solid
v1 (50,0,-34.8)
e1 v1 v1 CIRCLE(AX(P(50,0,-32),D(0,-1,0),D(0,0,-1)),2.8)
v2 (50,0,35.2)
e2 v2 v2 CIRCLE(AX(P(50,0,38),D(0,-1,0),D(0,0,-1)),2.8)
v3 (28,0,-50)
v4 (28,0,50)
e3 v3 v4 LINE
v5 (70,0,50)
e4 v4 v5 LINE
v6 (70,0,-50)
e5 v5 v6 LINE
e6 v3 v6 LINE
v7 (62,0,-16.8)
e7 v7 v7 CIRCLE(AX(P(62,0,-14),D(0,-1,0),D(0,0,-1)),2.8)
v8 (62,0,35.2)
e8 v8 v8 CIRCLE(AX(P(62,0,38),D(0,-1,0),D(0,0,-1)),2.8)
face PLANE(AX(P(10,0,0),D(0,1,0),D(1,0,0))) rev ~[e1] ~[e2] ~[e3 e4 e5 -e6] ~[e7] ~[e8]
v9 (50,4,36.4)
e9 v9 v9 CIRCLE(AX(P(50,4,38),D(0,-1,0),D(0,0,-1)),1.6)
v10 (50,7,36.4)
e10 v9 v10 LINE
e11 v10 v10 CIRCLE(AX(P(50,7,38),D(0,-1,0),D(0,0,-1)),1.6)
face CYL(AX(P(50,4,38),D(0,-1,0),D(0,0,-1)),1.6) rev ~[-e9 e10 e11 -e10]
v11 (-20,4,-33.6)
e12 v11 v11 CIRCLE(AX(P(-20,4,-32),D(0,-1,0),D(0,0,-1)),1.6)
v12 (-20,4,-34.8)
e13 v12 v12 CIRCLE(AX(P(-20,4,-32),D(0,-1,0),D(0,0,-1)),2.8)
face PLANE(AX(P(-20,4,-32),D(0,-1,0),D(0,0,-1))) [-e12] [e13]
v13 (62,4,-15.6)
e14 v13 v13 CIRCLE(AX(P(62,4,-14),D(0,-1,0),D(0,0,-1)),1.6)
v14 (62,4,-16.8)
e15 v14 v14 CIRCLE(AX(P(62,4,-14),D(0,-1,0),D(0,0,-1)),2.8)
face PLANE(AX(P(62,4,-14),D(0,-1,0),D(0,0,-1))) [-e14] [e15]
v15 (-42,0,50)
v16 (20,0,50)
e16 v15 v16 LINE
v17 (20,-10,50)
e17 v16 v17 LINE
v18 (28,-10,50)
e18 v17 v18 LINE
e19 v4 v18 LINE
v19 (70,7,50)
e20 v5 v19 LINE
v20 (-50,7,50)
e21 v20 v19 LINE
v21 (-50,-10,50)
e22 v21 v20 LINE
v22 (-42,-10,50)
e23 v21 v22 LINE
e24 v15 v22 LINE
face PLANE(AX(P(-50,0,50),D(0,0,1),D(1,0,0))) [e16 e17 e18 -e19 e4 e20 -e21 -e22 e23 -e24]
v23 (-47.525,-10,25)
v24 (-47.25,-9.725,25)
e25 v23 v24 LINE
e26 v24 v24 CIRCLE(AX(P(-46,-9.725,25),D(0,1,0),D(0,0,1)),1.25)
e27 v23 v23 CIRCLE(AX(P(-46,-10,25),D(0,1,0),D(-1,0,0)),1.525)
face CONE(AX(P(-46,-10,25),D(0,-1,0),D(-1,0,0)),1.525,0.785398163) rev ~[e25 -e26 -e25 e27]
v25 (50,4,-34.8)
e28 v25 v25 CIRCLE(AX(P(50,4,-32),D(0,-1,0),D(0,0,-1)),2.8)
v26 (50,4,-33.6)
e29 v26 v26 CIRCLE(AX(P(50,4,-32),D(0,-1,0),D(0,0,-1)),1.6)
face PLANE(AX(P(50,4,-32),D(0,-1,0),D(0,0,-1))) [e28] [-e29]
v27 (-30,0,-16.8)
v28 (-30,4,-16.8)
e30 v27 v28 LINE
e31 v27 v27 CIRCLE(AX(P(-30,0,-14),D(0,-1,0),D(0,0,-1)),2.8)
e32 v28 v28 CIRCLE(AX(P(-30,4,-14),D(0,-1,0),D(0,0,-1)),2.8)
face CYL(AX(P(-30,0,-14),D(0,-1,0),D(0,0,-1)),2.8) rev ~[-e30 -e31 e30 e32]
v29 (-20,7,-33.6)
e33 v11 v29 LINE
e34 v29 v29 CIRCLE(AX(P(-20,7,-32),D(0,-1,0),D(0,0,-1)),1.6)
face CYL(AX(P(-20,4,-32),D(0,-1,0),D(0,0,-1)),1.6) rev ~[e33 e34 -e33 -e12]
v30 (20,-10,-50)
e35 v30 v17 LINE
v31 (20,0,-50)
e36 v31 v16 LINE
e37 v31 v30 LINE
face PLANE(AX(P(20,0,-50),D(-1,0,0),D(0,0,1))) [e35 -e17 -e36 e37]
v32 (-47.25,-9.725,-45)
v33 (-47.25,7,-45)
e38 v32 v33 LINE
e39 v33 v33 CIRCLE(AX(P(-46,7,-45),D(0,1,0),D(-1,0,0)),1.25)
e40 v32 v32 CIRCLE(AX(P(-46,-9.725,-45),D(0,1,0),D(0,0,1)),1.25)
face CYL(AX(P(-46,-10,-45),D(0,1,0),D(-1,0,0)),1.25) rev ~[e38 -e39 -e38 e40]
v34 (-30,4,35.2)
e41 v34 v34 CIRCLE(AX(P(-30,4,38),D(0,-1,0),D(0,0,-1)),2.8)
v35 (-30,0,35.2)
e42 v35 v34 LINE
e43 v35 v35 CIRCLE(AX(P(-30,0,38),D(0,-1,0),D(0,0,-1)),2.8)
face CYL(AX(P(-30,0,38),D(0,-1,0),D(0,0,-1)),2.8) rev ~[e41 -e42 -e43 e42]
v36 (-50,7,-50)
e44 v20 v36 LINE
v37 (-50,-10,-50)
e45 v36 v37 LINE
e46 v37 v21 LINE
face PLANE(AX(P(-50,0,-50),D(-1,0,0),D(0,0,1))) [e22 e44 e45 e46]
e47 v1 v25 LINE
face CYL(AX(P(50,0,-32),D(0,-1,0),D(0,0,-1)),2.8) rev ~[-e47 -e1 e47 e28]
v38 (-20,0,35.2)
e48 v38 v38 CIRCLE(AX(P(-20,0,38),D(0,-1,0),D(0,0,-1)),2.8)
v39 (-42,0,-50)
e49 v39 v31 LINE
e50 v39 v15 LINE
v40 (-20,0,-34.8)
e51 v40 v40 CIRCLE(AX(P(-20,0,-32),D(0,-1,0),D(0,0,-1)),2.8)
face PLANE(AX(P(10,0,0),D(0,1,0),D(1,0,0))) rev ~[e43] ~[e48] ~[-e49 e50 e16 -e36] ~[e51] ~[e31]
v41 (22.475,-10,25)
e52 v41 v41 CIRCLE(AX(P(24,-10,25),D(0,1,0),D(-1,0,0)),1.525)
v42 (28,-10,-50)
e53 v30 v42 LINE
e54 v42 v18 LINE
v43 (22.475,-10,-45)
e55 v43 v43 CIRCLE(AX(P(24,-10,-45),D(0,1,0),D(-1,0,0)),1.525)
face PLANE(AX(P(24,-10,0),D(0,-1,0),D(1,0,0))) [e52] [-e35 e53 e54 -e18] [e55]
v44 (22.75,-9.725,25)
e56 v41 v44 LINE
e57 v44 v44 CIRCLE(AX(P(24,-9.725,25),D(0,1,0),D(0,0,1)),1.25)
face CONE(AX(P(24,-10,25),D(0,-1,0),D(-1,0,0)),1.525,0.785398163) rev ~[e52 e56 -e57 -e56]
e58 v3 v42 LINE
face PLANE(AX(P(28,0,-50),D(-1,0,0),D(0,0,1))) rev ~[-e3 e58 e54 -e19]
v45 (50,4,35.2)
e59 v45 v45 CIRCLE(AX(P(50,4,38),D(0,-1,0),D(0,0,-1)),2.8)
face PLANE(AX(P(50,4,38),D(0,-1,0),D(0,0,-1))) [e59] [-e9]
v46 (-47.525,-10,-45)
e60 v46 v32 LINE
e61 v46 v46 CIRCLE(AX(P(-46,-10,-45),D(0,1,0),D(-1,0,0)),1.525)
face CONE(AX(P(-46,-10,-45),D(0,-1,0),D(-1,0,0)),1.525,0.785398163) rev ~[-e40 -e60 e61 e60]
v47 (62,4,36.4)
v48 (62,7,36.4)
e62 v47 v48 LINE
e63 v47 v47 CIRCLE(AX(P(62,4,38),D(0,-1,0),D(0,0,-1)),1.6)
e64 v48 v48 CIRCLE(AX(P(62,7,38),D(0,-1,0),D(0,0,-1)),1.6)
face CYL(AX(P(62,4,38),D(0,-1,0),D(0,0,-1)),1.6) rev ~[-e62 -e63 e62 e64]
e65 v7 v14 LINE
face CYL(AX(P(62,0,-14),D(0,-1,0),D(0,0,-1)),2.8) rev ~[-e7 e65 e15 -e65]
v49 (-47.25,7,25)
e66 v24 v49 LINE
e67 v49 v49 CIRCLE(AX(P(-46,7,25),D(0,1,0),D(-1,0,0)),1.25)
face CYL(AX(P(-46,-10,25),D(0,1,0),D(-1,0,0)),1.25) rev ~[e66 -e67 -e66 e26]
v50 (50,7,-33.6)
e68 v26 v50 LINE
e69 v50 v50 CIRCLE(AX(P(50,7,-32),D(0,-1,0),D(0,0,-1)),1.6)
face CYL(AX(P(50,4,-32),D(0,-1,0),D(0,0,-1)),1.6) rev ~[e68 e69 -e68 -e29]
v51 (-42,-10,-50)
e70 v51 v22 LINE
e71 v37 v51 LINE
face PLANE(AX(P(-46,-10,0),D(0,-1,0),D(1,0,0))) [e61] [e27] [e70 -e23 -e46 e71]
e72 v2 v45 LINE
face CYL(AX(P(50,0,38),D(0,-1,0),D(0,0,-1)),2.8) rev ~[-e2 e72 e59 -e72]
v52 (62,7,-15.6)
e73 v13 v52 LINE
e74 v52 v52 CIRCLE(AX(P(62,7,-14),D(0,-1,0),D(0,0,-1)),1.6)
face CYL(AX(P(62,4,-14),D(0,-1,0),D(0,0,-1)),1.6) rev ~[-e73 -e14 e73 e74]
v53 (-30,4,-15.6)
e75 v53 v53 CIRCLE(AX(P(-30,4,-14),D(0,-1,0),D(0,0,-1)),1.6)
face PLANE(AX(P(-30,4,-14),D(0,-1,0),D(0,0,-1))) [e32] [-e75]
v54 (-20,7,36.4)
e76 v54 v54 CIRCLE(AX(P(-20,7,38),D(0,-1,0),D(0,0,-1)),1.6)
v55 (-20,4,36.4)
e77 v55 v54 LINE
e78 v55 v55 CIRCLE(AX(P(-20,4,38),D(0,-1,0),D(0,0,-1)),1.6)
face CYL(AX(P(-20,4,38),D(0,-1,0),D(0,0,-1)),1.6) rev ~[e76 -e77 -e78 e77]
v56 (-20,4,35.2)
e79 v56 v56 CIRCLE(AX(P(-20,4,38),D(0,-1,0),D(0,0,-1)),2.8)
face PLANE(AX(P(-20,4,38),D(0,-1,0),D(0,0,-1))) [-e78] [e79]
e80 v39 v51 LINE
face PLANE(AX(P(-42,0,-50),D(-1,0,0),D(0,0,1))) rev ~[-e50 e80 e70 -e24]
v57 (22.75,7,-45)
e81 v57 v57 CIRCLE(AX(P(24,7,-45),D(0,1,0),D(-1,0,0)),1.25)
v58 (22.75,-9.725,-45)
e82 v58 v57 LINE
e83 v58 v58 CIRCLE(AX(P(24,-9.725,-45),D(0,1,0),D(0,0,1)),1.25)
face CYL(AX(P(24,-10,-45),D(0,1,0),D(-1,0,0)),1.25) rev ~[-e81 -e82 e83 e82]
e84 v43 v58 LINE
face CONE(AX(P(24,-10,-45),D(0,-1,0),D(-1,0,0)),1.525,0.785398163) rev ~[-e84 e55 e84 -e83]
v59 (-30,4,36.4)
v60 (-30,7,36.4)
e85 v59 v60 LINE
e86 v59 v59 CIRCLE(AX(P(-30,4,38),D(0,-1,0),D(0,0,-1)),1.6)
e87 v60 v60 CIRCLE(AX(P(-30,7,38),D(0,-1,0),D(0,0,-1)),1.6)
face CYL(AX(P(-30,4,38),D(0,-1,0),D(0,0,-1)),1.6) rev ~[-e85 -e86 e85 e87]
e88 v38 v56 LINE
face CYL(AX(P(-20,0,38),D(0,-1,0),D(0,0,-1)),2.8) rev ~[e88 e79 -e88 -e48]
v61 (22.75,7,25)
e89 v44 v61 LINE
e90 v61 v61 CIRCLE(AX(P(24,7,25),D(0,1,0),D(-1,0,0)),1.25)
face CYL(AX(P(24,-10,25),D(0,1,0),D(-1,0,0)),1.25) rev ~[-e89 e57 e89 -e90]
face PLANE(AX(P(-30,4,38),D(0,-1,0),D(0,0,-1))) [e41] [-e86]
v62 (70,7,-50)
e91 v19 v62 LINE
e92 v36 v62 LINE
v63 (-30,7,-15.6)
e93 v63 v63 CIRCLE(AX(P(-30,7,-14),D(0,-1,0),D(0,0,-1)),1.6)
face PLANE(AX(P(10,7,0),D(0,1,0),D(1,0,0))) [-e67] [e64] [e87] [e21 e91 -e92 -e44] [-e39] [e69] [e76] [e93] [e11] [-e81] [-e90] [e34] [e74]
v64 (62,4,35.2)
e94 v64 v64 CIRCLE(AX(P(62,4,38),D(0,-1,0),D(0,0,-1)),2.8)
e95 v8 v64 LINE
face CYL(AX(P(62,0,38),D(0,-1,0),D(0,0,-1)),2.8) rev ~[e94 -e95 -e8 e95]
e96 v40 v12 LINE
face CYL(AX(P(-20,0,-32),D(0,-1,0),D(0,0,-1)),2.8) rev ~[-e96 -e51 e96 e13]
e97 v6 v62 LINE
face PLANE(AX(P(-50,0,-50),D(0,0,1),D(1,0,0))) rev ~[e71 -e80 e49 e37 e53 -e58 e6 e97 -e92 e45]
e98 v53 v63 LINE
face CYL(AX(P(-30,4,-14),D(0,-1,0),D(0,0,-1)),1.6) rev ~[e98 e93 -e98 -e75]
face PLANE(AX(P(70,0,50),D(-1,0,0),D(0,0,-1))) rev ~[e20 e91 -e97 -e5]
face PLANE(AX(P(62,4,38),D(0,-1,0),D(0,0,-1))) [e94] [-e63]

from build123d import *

# Parameters (mm, degrees)
SKETCH_1_W                   = 120
SKETCH_1_H                   = 100
EXTRUDE_1_DEPTH              = 7
SKETCH_2_R                   = 2.8
CUT_EXTRUDE_1_DEPTH          = 4
CUT_EXTRUDE_2_REACH          = 88.116
SKETCH_3_R                   = 1.6
SKETCH_4_W                   = 8
SKETCH_4_H                   = 100
EXTRUDE_2_DEPTH              = 10
HOLE_WIZARD_M3_5_D           = 2.5
HOLE_WIZARD_M3_5_CSINK_D     = 3.05
HOLE_WIZARD_M3_5_CSINK_ANGLE = 90


with BuildPart() as part:
    # 草图1 → 凸台-拉伸1 (new body)
    with BuildSketch(Plane(origin=(0, 0, 0), x_dir=(1, 0, 0), z_dir=(0, 1, 0))):
        with Locations((10, 0)):
            Rectangle(SKETCH_1_W, SKETCH_1_H)
    extrude(amount=EXTRUDE_1_DEPTH)

    # 草图2 → 切除-拉伸1 (cut)
    with BuildSketch(Plane.XZ):
        with Locations(Location((62, 38, 0), (0, 0, 270))):
            Circle(SKETCH_2_R)
        with Locations(Location((-30, 38, 0), (0, 0, 270))):
            Circle(SKETCH_2_R)
        with Locations(Location((-30, -14, 0), (0, 0, 270))):
            Circle(SKETCH_2_R)
        with Locations(Location((62, -14, 0), (0, 0, 270))):
            Circle(SKETCH_2_R)
        with Locations(Location((-20, 38, 0), (0, 0, 270))):
            Circle(SKETCH_2_R)
        with Locations(Location((50, 38, 0), (0, 0, 270))):
            Circle(SKETCH_2_R)
        with Locations(Location((50, -32, 0), (0, 0, 270))):
            Circle(SKETCH_2_R)
        with Locations(Location((-20, -32, 0), (0, 0, 270))):
            Circle(SKETCH_2_R)
    extrude(amount=-CUT_EXTRUDE_1_DEPTH, mode=Mode.SUBTRACT)

    # 草图3 → 切除-拉伸2 (cut, up to next)
    with BuildSketch(Plane.XZ.offset(-4), mode=Mode.PRIVATE) as cut_extrude_2_sk1:
        with Locations(Location((62, 38, 0), (0, 0, 270))):
            Circle(SKETCH_3_R)
    cut_extrude_2_tool1 = extrude(cut_extrude_2_sk1.sketch, amount=-CUT_EXTRUDE_2_REACH, mode=Mode.PRIVATE) & part.part
    # 草图3 → 切除-拉伸2 (cut, up to next)
    with BuildSketch(Plane.XZ.offset(-4), mode=Mode.PRIVATE) as cut_extrude_2_sk2:
        with Locations(Location((-30, 38, 0), (0, 0, 270))):
            Circle(SKETCH_3_R)
    cut_extrude_2_tool2 = extrude(cut_extrude_2_sk2.sketch, amount=-CUT_EXTRUDE_2_REACH, mode=Mode.PRIVATE) & part.part
    # 草图3 → 切除-拉伸2 (cut, up to next)
    with BuildSketch(Plane.XZ.offset(-4), mode=Mode.PRIVATE) as cut_extrude_2_sk3:
        with Locations(Location((-30, -14, 0), (0, 0, 270))):
            Circle(SKETCH_3_R)
    cut_extrude_2_tool3 = extrude(cut_extrude_2_sk3.sketch, amount=-CUT_EXTRUDE_2_REACH, mode=Mode.PRIVATE) & part.part
    # 草图3 → 切除-拉伸2 (cut, up to next)
    with BuildSketch(Plane.XZ.offset(-4), mode=Mode.PRIVATE) as cut_extrude_2_sk4:
        with Locations(Location((62, -14, 0), (0, 0, 270))):
            Circle(SKETCH_3_R)
    cut_extrude_2_tool4 = extrude(cut_extrude_2_sk4.sketch, amount=-CUT_EXTRUDE_2_REACH, mode=Mode.PRIVATE) & part.part
    # 草图3 → 切除-拉伸2 (cut, up to next)
    with BuildSketch(Plane.XZ.offset(-4), mode=Mode.PRIVATE) as cut_extrude_2_sk5:
        with Locations(Location((-20, 38, 0), (0, 0, 270))):
            Circle(SKETCH_3_R)
    cut_extrude_2_tool5 = extrude(cut_extrude_2_sk5.sketch, amount=-CUT_EXTRUDE_2_REACH, mode=Mode.PRIVATE) & part.part
    # 草图3 → 切除-拉伸2 (cut, up to next)
    with BuildSketch(Plane.XZ.offset(-4), mode=Mode.PRIVATE) as cut_extrude_2_sk6:
        with Locations(Location((50, 38, 0), (0, 0, 270))):
            Circle(SKETCH_3_R)
    cut_extrude_2_tool6 = extrude(cut_extrude_2_sk6.sketch, amount=-CUT_EXTRUDE_2_REACH, mode=Mode.PRIVATE) & part.part
    # 草图3 → 切除-拉伸2 (cut, up to next)
    with BuildSketch(Plane.XZ.offset(-4), mode=Mode.PRIVATE) as cut_extrude_2_sk7:
        with Locations(Location((50, -32, 0), (0, 0, 270))):
            Circle(SKETCH_3_R)
    cut_extrude_2_tool7 = extrude(cut_extrude_2_sk7.sketch, amount=-CUT_EXTRUDE_2_REACH, mode=Mode.PRIVATE) & part.part
    # 草图3 → 切除-拉伸2 (cut, up to next)
    with BuildSketch(Plane.XZ.offset(-4), mode=Mode.PRIVATE) as cut_extrude_2_sk8:
        with Locations(Location((-20, -32, 0), (0, 0, 270))):
            Circle(SKETCH_3_R)
    cut_extrude_2_tool8 = extrude(cut_extrude_2_sk8.sketch, amount=-CUT_EXTRUDE_2_REACH, mode=Mode.PRIVATE) & part.part
    add(cut_extrude_2_tool1.solids().sort_by_distance((62, 4, 38))[0], mode=Mode.SUBTRACT)
    add(cut_extrude_2_tool2.solids().sort_by_distance((-30, 4, 38))[0], mode=Mode.SUBTRACT)
    add(cut_extrude_2_tool3.solids().sort_by_distance((-30, 4, -14))[0], mode=Mode.SUBTRACT)
    add(cut_extrude_2_tool4.solids().sort_by_distance((62, 4, -14))[0], mode=Mode.SUBTRACT)
    add(cut_extrude_2_tool5.solids().sort_by_distance((-20, 4, 38))[0], mode=Mode.SUBTRACT)
    add(cut_extrude_2_tool6.solids().sort_by_distance((50, 4, 38))[0], mode=Mode.SUBTRACT)
    add(cut_extrude_2_tool7.solids().sort_by_distance((50, 4, -32))[0], mode=Mode.SUBTRACT)
    add(cut_extrude_2_tool8.solids().sort_by_distance((-20, 4, -32))[0], mode=Mode.SUBTRACT)

    # 草图4 → 凸台-拉伸2 (add)
    with BuildSketch(Plane.XZ):
        with Locations((-46, 0)):
            Rectangle(SKETCH_4_W, SKETCH_4_H)
        with Locations((24, 0)):
            Rectangle(SKETCH_4_W, SKETCH_4_H)
    extrude(amount=EXTRUDE_2_DEPTH)

    # M3 螺纹孔5 (through all)
    with Locations(Plane.XZ.offset(10)):
        with Locations((-46, -45), (24, -45), (24, 25), (-46, 25)):
            CounterSinkHole(HOLE_WIZARD_M3_5_D / 2, HOLE_WIZARD_M3_5_CSINK_D / 2, counter_sink_angle=HOLE_WIZARD_M3_5_CSINK_ANGLE)


solid = part.part
